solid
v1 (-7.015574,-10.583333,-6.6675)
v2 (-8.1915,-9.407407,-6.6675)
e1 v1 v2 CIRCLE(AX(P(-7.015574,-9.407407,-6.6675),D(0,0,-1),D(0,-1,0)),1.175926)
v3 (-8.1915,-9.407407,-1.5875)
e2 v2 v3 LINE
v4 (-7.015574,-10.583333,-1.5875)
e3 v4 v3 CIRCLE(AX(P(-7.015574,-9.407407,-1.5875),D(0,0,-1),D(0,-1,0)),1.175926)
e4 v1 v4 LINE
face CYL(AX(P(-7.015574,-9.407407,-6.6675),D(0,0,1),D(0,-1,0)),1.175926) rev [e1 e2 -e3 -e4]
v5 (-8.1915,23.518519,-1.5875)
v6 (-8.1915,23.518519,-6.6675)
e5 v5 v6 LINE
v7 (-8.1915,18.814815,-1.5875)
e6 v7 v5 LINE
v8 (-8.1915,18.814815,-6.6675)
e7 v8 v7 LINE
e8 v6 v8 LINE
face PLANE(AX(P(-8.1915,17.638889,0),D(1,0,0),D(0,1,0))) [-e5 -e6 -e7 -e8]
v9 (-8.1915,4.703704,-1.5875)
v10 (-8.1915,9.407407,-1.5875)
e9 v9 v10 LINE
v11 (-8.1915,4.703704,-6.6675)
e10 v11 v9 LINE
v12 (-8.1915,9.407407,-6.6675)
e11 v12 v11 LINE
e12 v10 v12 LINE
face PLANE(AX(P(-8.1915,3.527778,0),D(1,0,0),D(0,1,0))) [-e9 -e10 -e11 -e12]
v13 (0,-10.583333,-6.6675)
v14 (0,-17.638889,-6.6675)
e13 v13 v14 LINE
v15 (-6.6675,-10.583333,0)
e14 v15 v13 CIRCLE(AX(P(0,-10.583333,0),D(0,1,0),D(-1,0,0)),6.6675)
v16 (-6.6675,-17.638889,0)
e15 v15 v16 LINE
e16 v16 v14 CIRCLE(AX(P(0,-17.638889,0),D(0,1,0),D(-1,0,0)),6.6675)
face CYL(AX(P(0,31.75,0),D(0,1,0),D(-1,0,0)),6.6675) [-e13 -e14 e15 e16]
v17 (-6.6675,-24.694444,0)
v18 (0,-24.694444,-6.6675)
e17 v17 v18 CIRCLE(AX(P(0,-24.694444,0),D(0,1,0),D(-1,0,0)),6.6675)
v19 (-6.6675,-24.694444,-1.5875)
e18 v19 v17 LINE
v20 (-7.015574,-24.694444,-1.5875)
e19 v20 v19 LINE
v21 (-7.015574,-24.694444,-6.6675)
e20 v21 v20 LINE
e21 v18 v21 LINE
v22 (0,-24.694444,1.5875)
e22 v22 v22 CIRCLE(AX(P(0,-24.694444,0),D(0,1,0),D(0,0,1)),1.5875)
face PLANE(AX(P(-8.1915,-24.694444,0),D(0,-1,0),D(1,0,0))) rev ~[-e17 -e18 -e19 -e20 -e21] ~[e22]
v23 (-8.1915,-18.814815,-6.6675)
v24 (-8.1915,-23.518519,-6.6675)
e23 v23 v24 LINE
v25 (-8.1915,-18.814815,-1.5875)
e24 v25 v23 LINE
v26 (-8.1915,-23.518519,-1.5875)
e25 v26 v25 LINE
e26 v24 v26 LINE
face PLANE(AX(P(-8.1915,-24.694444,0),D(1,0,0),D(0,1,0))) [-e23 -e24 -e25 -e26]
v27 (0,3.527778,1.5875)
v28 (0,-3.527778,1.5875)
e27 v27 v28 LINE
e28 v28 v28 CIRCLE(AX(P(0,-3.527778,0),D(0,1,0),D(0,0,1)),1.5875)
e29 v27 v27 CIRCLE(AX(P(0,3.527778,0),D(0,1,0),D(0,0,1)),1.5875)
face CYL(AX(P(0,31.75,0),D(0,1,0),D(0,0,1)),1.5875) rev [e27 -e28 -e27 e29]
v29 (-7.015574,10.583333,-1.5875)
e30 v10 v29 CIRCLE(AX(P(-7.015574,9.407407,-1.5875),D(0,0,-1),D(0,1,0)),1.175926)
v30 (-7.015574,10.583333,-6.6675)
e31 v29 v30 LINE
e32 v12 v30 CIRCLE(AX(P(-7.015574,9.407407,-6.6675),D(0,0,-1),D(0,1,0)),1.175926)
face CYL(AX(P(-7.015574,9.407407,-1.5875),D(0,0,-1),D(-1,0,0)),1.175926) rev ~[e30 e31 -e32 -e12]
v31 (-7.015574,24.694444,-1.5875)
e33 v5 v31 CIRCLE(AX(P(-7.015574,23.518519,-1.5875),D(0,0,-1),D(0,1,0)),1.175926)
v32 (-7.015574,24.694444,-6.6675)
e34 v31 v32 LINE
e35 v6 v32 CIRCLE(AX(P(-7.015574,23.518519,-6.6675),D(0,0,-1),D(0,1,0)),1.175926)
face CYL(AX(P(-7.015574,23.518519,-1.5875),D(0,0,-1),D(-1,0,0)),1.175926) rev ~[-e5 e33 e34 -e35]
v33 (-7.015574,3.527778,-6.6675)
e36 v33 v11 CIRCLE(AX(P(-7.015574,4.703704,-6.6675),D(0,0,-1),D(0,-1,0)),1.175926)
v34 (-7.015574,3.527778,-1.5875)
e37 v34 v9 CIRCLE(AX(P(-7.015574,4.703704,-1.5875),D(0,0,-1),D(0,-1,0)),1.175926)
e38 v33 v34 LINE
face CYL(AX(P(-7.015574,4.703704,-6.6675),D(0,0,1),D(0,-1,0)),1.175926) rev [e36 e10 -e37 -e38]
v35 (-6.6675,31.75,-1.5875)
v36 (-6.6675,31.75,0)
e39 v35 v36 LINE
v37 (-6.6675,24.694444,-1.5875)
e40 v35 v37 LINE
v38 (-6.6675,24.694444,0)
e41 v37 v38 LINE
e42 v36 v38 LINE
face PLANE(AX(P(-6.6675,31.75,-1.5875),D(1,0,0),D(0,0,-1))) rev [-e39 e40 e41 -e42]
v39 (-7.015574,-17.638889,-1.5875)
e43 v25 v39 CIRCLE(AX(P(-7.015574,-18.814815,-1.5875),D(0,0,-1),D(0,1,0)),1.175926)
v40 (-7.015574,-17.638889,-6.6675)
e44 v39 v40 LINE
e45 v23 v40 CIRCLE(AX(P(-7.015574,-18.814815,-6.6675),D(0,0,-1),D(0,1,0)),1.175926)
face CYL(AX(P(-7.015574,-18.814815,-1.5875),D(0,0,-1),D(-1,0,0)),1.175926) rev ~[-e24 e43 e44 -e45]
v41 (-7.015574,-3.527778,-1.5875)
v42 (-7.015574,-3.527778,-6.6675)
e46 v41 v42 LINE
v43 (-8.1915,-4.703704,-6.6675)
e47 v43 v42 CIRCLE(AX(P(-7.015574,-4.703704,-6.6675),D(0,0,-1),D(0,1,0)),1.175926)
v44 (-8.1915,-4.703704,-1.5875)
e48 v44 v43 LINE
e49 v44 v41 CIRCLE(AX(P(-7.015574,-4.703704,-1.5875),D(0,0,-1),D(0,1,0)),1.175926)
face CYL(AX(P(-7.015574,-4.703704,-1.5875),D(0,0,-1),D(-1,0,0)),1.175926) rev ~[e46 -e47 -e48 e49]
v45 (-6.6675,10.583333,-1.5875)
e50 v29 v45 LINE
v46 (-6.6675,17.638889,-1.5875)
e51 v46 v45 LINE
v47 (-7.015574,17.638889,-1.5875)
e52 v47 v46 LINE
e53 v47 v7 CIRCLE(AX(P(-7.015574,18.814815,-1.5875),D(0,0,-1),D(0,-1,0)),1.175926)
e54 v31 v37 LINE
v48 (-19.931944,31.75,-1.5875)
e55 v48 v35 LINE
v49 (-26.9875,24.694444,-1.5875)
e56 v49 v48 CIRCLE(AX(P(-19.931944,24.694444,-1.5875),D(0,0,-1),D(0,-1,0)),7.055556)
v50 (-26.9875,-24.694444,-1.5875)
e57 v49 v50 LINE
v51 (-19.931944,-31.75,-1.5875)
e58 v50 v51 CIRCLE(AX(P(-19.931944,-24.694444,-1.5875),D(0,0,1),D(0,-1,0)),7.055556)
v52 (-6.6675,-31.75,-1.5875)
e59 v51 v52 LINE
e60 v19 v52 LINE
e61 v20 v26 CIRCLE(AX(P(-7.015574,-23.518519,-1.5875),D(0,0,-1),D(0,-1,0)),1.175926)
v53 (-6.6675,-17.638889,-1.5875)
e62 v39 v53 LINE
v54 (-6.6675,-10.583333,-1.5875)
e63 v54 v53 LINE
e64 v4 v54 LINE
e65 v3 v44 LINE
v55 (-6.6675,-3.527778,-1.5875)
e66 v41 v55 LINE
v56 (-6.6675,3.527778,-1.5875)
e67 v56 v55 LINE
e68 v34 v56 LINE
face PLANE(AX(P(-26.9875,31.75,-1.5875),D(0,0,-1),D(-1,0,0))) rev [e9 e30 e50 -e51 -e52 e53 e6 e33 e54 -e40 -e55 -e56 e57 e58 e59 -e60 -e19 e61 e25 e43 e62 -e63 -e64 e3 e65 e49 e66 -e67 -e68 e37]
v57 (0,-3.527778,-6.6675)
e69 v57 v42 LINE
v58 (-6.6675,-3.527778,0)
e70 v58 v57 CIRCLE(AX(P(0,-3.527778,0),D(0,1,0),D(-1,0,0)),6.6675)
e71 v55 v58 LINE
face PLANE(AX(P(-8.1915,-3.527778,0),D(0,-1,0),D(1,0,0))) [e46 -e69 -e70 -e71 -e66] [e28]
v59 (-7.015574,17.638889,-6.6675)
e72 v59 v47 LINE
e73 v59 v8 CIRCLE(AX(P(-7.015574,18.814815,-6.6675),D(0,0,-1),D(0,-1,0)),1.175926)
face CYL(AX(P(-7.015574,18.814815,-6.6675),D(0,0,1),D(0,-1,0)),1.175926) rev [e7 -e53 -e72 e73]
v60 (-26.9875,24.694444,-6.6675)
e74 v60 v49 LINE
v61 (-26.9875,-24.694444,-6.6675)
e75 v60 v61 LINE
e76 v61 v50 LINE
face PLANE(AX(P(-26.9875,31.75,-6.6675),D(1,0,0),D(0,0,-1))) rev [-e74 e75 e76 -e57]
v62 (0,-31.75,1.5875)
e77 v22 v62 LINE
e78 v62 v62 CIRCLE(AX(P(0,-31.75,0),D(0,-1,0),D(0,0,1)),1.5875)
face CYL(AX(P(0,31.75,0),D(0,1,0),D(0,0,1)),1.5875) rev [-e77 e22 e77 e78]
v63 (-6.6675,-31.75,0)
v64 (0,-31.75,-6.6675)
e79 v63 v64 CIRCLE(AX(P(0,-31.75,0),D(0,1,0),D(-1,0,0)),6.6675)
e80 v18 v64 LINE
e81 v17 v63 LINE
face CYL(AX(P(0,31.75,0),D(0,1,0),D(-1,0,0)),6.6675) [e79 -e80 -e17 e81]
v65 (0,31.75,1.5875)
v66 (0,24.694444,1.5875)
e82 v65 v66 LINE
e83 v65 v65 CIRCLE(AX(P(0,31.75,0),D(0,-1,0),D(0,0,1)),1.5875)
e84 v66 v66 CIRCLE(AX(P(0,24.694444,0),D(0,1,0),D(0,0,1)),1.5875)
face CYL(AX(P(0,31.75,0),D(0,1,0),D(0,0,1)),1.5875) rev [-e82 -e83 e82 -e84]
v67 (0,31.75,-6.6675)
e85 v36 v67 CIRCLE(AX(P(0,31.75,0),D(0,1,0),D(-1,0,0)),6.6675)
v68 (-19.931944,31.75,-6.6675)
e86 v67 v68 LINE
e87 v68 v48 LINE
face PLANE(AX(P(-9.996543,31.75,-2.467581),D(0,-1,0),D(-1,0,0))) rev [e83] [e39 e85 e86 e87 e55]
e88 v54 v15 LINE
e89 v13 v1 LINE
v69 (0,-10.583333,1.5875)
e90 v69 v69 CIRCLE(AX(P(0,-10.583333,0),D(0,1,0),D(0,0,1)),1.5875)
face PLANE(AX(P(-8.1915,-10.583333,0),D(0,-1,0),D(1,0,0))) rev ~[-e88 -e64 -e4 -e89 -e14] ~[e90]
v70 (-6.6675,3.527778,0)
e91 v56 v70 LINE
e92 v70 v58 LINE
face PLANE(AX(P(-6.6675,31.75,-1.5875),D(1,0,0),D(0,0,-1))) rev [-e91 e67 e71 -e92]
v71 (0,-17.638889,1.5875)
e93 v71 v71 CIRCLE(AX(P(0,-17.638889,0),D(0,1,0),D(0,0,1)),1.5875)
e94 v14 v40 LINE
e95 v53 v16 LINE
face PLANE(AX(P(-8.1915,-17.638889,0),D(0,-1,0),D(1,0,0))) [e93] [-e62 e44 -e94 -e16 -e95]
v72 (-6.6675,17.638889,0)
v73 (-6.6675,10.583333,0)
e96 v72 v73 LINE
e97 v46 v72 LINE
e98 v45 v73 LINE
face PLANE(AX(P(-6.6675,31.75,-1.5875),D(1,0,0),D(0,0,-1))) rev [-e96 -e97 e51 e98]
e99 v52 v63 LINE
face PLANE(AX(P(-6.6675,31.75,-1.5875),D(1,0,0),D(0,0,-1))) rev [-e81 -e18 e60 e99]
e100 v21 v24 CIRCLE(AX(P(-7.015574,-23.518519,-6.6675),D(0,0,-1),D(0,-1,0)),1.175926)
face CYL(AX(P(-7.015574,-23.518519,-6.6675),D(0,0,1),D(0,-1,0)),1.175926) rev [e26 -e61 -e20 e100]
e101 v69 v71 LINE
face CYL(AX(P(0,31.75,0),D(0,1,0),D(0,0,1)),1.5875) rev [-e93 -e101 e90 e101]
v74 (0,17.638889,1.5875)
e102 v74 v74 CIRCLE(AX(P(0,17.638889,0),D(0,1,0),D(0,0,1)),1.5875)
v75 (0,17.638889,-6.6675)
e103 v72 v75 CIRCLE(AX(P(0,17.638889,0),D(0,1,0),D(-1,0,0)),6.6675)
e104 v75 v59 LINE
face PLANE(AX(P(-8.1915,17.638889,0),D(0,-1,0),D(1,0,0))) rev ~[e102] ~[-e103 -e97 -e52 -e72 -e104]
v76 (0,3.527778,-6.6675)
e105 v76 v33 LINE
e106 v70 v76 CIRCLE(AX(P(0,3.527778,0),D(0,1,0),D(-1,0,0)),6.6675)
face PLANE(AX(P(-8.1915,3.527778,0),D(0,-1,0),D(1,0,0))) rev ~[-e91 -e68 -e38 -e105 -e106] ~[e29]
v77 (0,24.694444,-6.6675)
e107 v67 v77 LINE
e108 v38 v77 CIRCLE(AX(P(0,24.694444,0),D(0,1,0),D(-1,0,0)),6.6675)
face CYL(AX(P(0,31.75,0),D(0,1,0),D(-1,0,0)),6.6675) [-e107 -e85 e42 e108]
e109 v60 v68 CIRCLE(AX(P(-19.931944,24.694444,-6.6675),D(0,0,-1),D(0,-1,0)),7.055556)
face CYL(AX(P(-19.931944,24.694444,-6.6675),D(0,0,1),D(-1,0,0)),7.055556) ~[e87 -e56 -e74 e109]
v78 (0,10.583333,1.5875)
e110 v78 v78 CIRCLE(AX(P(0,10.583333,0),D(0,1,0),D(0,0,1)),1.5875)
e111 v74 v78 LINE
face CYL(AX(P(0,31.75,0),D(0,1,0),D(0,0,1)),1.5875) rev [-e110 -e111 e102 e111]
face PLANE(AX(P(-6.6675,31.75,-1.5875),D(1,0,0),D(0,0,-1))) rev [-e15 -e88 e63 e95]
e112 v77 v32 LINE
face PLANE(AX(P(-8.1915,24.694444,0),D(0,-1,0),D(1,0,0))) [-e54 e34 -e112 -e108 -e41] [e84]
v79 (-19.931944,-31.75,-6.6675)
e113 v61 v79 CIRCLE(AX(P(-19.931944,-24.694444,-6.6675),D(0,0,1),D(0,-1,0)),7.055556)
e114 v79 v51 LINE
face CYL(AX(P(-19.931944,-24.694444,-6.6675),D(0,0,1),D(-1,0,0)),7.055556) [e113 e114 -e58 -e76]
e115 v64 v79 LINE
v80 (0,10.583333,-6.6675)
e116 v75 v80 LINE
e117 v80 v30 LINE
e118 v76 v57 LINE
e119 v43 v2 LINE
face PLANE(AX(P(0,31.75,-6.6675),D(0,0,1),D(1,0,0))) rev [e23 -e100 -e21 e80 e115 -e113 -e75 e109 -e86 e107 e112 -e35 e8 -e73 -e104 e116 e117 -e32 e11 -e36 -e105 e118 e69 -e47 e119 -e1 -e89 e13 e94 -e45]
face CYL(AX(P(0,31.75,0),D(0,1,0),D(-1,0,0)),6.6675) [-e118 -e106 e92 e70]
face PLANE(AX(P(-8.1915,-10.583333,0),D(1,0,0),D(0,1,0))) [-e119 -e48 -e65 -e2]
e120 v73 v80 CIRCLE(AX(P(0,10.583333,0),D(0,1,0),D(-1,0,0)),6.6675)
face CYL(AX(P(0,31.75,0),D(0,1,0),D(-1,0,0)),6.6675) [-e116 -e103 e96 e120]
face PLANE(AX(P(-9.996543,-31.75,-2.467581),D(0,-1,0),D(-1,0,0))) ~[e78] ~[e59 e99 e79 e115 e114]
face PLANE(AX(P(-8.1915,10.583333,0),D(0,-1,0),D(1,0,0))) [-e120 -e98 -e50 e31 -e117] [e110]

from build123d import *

# Parameters (mm, degrees)
BOSS_EXTRUDE1_START = 31.75
SKETCH3_R           = 1.5875
BOSS_EXTRUDE1_DEPTH = 63.5
FILLET1_R           = 7.055555556
SKETCH5_W           = 16.383
SKETCH5_H           = 7.055555556
CUT_EXTRUDE1_DEPTH  = 43.200038063
LPATTERN1_COUNT     = 5
LPATTERN1_PITCH     = 14.111111111
FILLET2_R           = 1.175925926
SKETCH6_W           = 16.383
SKETCH6_H           = 7.055555555
CUT_EXTRUDE2_DEPTH  = 43.200038063
LPATTERN2_COUNT     = 4
LPATTERN2_PITCH     = 14.111111111
FILLET3_R           = 1.175925926
FILLET4_R           = 0.391975309
BOSS_EXTRUDE3_START = 31.75
SKETCH7_R           = 1.5875
BOSS_EXTRUDE3_DEPTH = 63.5


with BuildPart() as part:
    # Sketch3 → Boss-Extrude1 (new body)
    with BuildSketch(Plane(origin=(0, 0, 0), x_dir=(1, 0, 0), z_dir=(0, 1, 0)).offset(BOSS_EXTRUDE1_START)):
        with BuildLine():
            Line((26.9875, 6.6675), (26.9875, 1.5875))
            Line((26.9875, 1.5875), (6.6675, 1.5875))
            Line((6.6675, 1.5875), (6.6675, 0))
            ThreePointArc((6.6675, 0), (-4.714634464, -4.714634464), (0, 6.6675))
            Line((0, 6.6675), (26.9875, 6.6675))
        make_face()
        with Locations(Location((0, 0, 0), (0, 0, 270))):
            Circle(SKETCH3_R, mode=Mode.SUBTRACT)
    extrude(amount=-BOSS_EXTRUDE1_DEPTH)

    # Fillet1
    fillet1_edges = [part.edges().sort_by_distance(p)[0] for p in [
        (26.9875, -31.75, -4.1275),
        (26.9875, 31.75, -4.1275),
    ]]
    fillet(fillet1_edges, radius=FILLET1_R)


with BuildPart() as body_2:
    # Mirror1: mirrored copy
    add(part.part.mirror(Plane(origin=(0, 0, 0), x_dir=(0, 0, 1), z_dir=(1, 0, 0))))

    # Sketch6 → Cut-Extrude2 (cut, symmetric)
    with BuildSketch(Plane.XY):
        with Locations((0, 21.166666666)):
            Rectangle(SKETCH6_W, SKETCH6_H)
    cut_extrude2 = extrude(amount=CUT_EXTRUDE2_DEPTH, both=True, mode=Mode.SUBTRACT)

    # LPattern2: Cut-Extrude2 ×4
    with Locations(*[(0, -i * LPATTERN2_PITCH, 0) for i in range(1, LPATTERN2_COUNT)]):
        add(cut_extrude2, mode=Mode.SUBTRACT)

    # Fillet3
    fillet3_edges = [body_2.edges().sort_by_distance(p)[0] for p in [
        (-8.1915, 10.583333333, -4.1275),
        (-8.1915, 3.527777778, -4.1275),
        (-8.1915, -3.527777778, -4.1275),
        (-8.1915, -10.583333333, -4.1275),
        (-8.1915, -17.638888889, -4.1275),
        (-8.1915, -24.694444444, -4.1275),
        (-8.1915, 24.694444444, -4.1275),
        (-8.1915, 17.638888889, -4.1275),
    ]]
    fillet(fillet3_edges, radius=FILLET3_R)


with BuildPart() as part_1:
    add(part.part)

    # Sketch5 → Cut-Extrude1 (cut, symmetric)
    with BuildSketch(Plane.XY):
        with Locations((0, 28.222222222)):
            Rectangle(SKETCH5_W, SKETCH5_H)
    cut_extrude1 = extrude(amount=CUT_EXTRUDE1_DEPTH, both=True, mode=Mode.SUBTRACT)

    # LPattern1: Cut-Extrude1 ×5
    with Locations(*[(0, -i * LPATTERN1_PITCH, 0) for i in range(1, LPATTERN1_COUNT)]):
        add(cut_extrude1, mode=Mode.SUBTRACT)

    # Fillet2
    fillet2_edges = [part_1.edges().sort_by_distance(p)[0] for p in [
        (8.1915, -3.527777778, -4.1275),
        (8.1915, 3.527777778, -4.1275),
        (8.1915, -17.638888889, -4.1275),
        (8.1915, -10.583333333, -4.1275),
        (8.1915, -24.694444444, -4.1275),
        (8.1915, 24.694444444, -4.1275),
        (8.1915, 10.583333333, -4.1275),
        (8.1915, 17.638888889, -4.1275),
    ]]
    fillet(fillet2_edges, radius=FILLET2_R)

    # Fillet4
    fillet4_edges = [part_1.edges().sort_by_distance(p)[0] for p in [
        (8.1915, -31.75, -4.1275),
        (8.1915, 31.75, -4.1275),
    ]]
    fillet(fillet4_edges, radius=FILLET4_R)


with BuildPart() as body_3:
    # Sketch7 → Boss-Extrude3 (new body)
    with BuildSketch(Plane(origin=(0, 0, 0), x_dir=(1, 0, 0), z_dir=(0, 1, 0)).offset(BOSS_EXTRUDE3_START)):
        with Locations(Location((0, 0, 0), (0, 0, 270))):
            Circle(SKETCH7_R)
    extrude(amount=-BOSS_EXTRUDE3_DEPTH)


solid = body_2.part
